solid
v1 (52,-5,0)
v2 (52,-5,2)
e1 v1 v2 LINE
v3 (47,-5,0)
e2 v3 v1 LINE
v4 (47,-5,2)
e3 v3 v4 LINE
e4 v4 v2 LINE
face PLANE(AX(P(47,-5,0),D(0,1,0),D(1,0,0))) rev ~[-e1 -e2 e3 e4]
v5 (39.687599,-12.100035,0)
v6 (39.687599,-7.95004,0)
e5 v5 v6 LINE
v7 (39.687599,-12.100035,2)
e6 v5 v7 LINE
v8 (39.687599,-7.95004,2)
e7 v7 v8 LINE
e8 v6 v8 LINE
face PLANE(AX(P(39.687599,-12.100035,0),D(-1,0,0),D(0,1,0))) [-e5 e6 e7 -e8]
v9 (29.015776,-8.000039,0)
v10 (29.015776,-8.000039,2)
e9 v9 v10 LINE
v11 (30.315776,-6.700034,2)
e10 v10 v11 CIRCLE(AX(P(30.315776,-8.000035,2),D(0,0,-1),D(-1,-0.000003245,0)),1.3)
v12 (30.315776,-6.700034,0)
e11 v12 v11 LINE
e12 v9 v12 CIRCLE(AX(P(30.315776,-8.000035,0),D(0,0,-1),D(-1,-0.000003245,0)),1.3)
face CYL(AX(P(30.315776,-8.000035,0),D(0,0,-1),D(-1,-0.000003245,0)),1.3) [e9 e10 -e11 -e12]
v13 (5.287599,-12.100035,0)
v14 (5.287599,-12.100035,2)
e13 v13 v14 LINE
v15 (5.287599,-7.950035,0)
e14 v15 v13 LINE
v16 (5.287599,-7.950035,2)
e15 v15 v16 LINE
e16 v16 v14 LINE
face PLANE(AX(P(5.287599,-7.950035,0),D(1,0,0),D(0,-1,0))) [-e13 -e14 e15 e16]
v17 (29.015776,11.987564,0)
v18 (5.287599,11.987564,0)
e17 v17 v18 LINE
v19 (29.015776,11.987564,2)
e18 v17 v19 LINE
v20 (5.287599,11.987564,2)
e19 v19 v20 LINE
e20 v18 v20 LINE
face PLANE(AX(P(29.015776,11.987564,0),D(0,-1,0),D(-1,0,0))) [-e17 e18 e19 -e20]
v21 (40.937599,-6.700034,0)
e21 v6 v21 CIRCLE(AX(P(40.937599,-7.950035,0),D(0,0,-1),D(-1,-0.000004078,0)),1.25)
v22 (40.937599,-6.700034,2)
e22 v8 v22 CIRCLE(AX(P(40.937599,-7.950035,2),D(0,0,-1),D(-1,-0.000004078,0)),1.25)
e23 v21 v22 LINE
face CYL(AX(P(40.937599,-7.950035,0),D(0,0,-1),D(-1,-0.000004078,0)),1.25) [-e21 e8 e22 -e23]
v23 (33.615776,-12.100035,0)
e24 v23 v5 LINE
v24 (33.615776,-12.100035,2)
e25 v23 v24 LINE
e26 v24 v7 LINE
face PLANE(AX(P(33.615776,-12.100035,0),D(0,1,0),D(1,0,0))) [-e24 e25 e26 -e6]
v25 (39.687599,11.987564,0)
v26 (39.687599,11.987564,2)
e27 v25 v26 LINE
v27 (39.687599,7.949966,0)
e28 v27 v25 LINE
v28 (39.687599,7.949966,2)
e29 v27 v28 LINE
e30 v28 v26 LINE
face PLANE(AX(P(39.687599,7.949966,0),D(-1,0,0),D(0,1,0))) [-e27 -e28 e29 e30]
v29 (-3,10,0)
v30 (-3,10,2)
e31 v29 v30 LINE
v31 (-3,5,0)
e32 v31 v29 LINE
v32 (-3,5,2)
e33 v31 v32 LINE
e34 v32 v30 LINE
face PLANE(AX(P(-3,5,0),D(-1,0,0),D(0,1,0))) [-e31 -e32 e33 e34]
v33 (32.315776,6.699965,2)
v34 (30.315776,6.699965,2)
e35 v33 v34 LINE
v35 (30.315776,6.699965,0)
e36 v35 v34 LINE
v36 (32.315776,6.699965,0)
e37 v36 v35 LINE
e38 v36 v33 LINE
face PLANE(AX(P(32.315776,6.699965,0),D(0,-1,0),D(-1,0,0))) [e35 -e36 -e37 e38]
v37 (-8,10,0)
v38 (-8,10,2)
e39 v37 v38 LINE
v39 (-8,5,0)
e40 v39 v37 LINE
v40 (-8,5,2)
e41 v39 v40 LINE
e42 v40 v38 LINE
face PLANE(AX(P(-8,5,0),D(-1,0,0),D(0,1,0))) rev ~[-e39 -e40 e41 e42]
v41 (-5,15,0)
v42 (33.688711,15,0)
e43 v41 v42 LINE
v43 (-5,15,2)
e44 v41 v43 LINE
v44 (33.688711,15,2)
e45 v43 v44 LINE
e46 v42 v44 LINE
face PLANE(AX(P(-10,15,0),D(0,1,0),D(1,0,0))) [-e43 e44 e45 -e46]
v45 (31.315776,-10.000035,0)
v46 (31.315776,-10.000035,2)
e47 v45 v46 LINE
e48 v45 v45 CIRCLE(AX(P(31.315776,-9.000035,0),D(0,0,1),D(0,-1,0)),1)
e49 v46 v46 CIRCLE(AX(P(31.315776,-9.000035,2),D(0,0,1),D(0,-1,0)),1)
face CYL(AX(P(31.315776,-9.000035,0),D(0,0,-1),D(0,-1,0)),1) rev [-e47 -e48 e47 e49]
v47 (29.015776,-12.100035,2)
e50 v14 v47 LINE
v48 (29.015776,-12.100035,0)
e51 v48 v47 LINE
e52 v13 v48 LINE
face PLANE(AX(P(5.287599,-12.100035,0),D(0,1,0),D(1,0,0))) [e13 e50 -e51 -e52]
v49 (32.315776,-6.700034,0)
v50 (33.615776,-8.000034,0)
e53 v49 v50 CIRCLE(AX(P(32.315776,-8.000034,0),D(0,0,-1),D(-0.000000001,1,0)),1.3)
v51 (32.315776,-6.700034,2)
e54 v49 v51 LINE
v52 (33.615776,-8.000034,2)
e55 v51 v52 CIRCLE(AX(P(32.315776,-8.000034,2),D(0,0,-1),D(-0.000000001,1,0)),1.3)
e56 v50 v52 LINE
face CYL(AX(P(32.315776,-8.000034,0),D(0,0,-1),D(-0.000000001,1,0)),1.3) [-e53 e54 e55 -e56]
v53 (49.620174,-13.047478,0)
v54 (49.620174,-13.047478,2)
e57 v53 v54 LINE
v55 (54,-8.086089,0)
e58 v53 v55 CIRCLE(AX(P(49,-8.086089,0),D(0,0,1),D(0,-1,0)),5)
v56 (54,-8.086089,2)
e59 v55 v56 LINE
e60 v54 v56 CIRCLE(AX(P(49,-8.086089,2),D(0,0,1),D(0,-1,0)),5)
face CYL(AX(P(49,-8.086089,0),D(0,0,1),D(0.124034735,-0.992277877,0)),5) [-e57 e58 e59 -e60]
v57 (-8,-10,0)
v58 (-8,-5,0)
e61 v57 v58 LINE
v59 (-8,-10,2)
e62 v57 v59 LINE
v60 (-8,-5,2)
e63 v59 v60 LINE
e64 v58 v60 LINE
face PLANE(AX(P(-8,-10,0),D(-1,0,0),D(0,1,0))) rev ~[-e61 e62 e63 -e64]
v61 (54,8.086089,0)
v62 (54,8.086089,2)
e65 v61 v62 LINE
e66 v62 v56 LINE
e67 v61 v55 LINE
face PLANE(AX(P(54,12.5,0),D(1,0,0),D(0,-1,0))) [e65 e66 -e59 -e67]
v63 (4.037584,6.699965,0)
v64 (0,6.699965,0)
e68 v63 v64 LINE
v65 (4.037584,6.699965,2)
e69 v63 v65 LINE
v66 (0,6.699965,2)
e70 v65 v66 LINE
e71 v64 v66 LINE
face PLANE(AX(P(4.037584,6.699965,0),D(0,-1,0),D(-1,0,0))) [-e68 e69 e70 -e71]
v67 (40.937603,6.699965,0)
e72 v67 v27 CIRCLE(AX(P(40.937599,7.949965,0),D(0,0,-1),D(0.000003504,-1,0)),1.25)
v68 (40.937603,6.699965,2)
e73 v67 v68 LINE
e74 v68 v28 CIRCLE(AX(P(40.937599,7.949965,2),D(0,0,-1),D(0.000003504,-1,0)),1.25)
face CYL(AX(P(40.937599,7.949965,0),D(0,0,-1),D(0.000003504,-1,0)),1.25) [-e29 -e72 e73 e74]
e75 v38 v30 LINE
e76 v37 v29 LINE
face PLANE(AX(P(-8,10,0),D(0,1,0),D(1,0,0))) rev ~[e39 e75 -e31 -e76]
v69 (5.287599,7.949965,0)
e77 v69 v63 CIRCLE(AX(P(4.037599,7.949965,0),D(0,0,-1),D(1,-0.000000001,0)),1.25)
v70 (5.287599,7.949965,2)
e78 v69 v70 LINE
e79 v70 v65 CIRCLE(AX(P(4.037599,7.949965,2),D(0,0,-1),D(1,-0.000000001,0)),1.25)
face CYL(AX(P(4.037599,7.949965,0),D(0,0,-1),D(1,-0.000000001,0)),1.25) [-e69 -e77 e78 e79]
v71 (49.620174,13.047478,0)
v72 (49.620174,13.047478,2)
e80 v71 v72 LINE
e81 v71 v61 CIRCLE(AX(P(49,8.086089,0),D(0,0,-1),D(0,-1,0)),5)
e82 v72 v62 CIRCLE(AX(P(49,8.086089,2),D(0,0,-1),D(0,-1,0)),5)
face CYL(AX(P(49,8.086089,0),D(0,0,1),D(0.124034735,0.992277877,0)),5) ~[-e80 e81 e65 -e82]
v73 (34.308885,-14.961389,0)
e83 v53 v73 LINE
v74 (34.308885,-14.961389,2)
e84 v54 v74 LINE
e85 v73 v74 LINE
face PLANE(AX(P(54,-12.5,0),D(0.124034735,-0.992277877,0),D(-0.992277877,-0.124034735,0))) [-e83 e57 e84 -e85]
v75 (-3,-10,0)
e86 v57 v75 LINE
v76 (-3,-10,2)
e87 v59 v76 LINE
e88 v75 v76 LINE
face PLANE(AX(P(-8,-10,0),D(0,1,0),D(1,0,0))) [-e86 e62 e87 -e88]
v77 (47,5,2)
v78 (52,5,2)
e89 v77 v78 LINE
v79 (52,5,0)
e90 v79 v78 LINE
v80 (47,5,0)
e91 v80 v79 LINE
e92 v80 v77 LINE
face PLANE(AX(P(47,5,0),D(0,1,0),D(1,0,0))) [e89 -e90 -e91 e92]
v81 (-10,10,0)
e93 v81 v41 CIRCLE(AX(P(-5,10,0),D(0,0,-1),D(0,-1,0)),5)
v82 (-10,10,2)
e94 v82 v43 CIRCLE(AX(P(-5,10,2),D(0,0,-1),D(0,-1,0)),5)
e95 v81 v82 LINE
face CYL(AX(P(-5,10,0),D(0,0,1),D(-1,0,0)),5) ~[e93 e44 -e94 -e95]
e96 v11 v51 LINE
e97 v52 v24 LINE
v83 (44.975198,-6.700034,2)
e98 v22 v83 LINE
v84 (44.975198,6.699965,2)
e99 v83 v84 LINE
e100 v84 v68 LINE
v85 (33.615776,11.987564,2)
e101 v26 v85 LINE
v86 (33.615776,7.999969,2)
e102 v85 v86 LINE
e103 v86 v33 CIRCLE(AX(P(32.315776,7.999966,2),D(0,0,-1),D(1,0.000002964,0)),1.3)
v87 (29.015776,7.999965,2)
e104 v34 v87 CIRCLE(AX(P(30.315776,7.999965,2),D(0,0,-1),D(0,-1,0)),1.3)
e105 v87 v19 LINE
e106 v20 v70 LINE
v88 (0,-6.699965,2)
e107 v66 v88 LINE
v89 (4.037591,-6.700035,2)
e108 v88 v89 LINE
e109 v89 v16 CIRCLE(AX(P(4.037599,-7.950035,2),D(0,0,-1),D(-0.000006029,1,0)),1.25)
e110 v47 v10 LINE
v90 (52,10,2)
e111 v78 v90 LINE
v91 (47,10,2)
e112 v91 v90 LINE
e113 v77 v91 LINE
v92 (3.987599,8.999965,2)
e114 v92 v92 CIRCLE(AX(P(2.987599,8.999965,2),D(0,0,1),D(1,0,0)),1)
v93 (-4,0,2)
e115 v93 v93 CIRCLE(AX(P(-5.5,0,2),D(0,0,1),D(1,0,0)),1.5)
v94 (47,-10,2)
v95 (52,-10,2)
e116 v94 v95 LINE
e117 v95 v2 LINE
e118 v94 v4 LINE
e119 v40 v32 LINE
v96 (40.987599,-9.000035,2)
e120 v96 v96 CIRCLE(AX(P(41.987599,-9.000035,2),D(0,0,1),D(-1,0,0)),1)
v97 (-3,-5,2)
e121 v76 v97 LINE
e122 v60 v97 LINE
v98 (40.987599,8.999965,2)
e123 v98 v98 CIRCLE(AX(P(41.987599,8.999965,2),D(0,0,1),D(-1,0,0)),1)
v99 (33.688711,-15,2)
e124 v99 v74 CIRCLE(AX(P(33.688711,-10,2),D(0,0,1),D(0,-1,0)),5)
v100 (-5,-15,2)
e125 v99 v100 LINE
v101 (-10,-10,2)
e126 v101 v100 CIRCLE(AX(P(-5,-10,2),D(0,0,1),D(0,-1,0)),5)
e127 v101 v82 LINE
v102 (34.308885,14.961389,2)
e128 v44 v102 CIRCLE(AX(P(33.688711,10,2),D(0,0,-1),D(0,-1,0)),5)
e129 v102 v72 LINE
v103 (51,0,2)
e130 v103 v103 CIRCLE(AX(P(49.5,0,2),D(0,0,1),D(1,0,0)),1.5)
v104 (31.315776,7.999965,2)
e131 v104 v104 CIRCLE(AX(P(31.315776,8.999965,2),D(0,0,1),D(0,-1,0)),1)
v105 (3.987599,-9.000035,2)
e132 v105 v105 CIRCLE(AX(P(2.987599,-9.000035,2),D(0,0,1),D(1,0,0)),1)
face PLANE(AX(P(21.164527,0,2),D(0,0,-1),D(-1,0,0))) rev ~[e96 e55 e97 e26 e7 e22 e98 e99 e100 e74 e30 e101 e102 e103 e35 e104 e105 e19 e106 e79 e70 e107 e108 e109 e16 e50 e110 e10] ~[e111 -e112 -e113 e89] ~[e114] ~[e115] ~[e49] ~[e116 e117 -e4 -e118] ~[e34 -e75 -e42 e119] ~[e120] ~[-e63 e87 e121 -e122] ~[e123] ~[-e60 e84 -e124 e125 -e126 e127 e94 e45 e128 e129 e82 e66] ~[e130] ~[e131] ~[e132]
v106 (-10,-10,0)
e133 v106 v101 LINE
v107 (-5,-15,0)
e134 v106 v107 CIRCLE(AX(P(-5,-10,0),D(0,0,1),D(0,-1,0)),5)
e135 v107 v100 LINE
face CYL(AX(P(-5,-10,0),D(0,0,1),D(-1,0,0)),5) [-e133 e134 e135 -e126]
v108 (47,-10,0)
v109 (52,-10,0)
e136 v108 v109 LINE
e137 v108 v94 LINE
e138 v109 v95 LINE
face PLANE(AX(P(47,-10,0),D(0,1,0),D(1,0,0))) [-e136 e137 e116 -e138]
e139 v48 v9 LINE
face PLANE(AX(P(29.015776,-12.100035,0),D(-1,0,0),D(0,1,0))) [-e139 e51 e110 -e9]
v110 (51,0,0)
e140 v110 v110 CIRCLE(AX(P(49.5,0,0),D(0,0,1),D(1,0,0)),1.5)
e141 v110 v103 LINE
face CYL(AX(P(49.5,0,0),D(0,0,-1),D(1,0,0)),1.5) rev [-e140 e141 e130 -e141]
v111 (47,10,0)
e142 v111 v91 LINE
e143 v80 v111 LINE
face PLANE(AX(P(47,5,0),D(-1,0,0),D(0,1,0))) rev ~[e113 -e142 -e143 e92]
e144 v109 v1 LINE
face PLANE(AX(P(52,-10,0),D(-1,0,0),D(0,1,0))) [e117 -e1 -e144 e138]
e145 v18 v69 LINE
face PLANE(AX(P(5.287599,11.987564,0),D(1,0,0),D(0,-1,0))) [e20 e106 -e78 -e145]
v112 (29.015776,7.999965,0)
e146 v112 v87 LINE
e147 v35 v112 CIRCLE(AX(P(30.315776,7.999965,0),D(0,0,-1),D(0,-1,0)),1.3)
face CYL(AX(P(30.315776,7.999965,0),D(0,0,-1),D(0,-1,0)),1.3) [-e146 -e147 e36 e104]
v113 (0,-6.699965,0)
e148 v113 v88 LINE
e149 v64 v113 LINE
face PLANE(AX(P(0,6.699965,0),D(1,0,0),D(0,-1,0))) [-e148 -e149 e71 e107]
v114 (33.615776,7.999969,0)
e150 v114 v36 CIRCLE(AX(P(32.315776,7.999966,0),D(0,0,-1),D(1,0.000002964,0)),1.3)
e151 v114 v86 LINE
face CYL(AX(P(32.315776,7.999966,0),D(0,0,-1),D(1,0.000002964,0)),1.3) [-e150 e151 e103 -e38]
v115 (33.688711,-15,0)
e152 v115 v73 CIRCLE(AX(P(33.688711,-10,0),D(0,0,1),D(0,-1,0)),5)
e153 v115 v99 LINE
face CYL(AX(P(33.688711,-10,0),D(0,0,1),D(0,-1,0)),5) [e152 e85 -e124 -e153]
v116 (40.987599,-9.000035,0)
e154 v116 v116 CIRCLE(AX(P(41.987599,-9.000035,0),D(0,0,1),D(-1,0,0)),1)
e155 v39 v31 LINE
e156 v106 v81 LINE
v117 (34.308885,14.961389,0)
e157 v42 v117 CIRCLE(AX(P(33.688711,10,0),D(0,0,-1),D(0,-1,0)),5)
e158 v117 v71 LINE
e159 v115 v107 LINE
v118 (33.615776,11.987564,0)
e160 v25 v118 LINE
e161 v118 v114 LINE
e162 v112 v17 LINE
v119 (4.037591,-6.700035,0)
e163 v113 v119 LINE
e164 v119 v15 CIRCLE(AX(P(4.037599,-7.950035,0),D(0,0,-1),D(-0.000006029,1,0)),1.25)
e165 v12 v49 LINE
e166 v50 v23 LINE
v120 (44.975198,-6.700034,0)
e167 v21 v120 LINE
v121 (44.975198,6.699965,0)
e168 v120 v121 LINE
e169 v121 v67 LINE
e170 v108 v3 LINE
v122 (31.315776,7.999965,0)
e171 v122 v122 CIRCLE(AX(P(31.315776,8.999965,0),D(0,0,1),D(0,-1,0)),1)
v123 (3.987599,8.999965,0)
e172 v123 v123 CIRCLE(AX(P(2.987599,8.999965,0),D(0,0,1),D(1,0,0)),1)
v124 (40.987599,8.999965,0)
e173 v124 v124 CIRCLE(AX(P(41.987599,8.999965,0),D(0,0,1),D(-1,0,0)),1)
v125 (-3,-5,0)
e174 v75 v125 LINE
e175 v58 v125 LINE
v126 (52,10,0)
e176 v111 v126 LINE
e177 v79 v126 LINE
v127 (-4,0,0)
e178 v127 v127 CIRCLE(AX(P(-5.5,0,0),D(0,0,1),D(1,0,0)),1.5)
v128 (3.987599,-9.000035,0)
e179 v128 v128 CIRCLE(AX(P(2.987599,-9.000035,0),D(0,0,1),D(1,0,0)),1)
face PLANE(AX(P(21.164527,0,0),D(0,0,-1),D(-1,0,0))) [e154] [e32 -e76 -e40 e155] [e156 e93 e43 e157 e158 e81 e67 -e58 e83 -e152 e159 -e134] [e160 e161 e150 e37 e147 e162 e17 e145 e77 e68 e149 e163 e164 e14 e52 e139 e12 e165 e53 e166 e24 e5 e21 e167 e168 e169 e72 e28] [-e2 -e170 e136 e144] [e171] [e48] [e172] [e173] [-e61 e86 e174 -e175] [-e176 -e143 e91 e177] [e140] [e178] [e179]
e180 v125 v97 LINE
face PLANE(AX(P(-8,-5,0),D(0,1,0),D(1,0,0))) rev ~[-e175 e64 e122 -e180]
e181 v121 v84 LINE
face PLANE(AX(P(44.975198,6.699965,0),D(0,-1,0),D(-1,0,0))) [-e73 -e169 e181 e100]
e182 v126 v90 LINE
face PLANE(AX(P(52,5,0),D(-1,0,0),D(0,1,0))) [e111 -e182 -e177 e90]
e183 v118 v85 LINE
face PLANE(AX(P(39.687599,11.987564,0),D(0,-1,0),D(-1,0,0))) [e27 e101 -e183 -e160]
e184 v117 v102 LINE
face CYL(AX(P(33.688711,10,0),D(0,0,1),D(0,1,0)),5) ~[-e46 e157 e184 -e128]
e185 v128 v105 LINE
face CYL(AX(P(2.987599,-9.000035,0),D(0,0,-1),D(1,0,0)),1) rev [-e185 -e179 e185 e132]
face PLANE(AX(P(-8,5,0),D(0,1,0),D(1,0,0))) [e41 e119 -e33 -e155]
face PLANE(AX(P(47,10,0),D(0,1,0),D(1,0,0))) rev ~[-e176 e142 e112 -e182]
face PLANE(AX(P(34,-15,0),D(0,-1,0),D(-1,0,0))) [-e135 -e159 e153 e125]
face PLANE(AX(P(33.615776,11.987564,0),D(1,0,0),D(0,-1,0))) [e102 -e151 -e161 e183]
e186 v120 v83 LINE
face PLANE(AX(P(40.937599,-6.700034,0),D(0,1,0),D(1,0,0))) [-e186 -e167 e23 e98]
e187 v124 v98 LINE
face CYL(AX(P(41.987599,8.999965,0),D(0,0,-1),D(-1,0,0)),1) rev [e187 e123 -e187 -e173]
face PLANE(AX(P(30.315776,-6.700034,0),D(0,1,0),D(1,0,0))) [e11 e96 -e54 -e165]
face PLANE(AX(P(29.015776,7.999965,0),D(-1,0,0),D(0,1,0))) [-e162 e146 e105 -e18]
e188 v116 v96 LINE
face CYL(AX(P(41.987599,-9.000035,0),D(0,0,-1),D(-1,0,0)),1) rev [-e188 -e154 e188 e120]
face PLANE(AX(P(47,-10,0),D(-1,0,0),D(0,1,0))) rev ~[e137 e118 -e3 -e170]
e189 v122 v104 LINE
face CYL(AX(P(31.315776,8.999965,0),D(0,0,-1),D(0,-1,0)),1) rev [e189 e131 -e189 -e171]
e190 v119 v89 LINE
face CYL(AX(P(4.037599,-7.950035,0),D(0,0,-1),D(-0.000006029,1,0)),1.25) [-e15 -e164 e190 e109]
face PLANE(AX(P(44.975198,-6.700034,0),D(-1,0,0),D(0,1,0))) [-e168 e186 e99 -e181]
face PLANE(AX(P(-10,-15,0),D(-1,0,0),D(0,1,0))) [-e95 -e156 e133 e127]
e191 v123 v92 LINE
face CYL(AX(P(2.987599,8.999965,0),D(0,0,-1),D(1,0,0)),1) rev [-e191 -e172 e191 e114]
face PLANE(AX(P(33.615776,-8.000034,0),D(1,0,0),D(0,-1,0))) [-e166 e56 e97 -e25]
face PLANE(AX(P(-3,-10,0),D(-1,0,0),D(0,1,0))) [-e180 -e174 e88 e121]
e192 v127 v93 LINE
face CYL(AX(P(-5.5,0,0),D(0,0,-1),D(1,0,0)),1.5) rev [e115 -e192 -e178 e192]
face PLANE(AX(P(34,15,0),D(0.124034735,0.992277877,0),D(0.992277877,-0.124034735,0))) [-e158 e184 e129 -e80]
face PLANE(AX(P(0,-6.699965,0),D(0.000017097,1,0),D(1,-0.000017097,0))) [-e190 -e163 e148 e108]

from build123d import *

# Parameters (mm, degrees)
ESQUISSE1_R        = 1.5
ESQUISSE1_W        = 5
ESQUISSE1_H        = 5
BOSS_EXTRU_1_DEPTH = 2
FILLET1_R          = 5


with BuildPart() as part:
    # Esquisse1 → Boss.-Extru.1 (new body)
    with BuildSketch(Plane.XY):
        Polygon((-10, -15), (-10, 15), (34, 15), (54, 12.5), (54, -12.5), (34, -15), align=None)
        with Locations((-5.5, 0)):
            Circle(ESQUISSE1_R, mode=Mode.SUBTRACT)
        with Locations((49.5, 0)):
            Circle(ESQUISSE1_R, mode=Mode.SUBTRACT)
        with BuildLine():
            Line((4.03758425, 6.699965485), (0, 6.699965485))
            Line((0, 6.699965485), (0, -6.699965485))
            Line((0, -6.699965485), (4.037591434, -6.700034515))
            ThreePointArc((4.037591434, -6.700034515), (4.921479782, -7.066148374), (5.28759897, -7.950034515))
            Line((5.28759897, -7.950034515), (5.28759897, -12.100034515))
            Line((5.28759897, -12.100034515), (29.015776303, -12.100034515))
            Line((29.015776303, -12.100034515), (29.015776303, -8.000038733))
            ThreePointArc((29.015776303, -8.000038733), (29.396536008, -7.080797161), (30.315776345, -6.700034473))
            Line((30.315776345, -6.700034473), (32.315776344, -6.700034473))
            ThreePointArc((32.315776344, -6.700034473), (33.23501504, -7.080795537), (33.615776345, -8.000034132))
            Line((33.615776345, -8.000034132), (33.615776345, -12.100034515))
            Line((33.615776345, -12.100034515), (39.687598777, -12.100034515))
            Line((39.687598777, -12.100034515), (39.687598777, -7.950039613))
            ThreePointArc((39.687598777, -7.950039613), (40.053713738, -7.066152541), (40.937599481, -6.70003437))
            Line((40.937599481, -6.70003437), (44.975197892, -6.70003437))
            Line((44.975197892, -6.70003437), (44.975197892, 6.699965437))
            Line((44.975197892, 6.699965437), (40.9376034, 6.699965437))
            ThreePointArc((40.9376034, 6.699965437), (40.053716981, 7.066080502), (39.68759897, 7.949965701))
            Line((39.68759897, 7.949965701), (39.68759897, 11.987564455))
            Line((39.68759897, 11.987564455), (33.615776432, 11.987564455))
            Line((33.615776432, 11.987564455), (33.615776432, 7.999969389))
            ThreePointArc((33.615776432, 7.999969389), (33.235016597, 7.080728053), (32.315776389, 6.699965495))
            Line((32.315776389, 6.699965495), (30.31577639, 6.699965495))
            ThreePointArc((30.31577639, 6.699965495), (29.396537621, 7.080726637), (29.015776399, 7.999965373))
            Line((29.015776399, 7.999965373), (29.015776399, 11.987564455))
            Line((29.015776399, 11.987564455), (5.28759897, 11.987564455))
            Line((5.28759897, 11.987564455), (5.28759897, 7.949965485))
            ThreePointArc((5.28759897, 7.949965485), (4.921477242, 7.066076805), (4.03758425, 6.699965485))
        make_face(mode=Mode.SUBTRACT)
        with BuildLine():
            ThreePointArc((31.315776387, 9.999965485), (30.315776387, 8.999965485), (31.315776387, 7.999965485))
            ThreePointArc((31.315776387, 7.999965485), (32.315776387, 8.999965485), (31.315776387, 9.999965485))
        make_face(mode=Mode.SUBTRACT)
        with BuildLine():
            ThreePointArc((42.98759897, 8.999965485), (41.98759897, 9.999965485), (40.98759897, 8.999965485))
            ThreePointArc((40.98759897, 8.999965485), (41.98759897, 7.999965485), (42.98759897, 8.999965485))
        make_face(mode=Mode.SUBTRACT)
        with BuildLine():
            ThreePointArc((42.98759897, -9.000034515), (41.98759897, -8.000034515), (40.98759897, -9.000034515))
            ThreePointArc((40.98759897, -9.000034515), (41.98759897, -10.000034515), (42.98759897, -9.000034515))
        make_face(mode=Mode.SUBTRACT)
        with BuildLine():
            ThreePointArc((31.315776387, -8.000034515), (30.315776387, -9.000034515), (31.315776387, -10.000034515))
            ThreePointArc((31.315776387, -10.000034515), (32.315776387, -9.000034515), (31.315776387, -8.000034515))
        make_face(mode=Mode.SUBTRACT)
        with BuildLine():
            ThreePointArc((1.98759897, -9.000034515), (2.98759897, -10.000034515), (3.98759897, -9.000034515))
            ThreePointArc((3.98759897, -9.000034515), (2.98759897, -8.000034515), (1.98759897, -9.000034515))
        make_face(mode=Mode.SUBTRACT)
        with BuildLine():
            ThreePointArc((1.98759897, 8.999965485), (2.98759897, 7.999965485), (3.98759897, 8.999965485))
            ThreePointArc((3.98759897, 8.999965485), (2.98759897, 9.999965485), (1.98759897, 8.999965485))
        make_face(mode=Mode.SUBTRACT)
        with Locations((-5.5, 7.5)):
            Rectangle(ESQUISSE1_W, ESQUISSE1_H, mode=Mode.SUBTRACT)
        with Locations((-5.5, -7.5)):
            Rectangle(ESQUISSE1_W, ESQUISSE1_H, mode=Mode.SUBTRACT)
        with Locations((49.5, 7.5)):
            Rectangle(ESQUISSE1_W, ESQUISSE1_H, mode=Mode.SUBTRACT)
        with Locations((49.5, -7.5)):
            Rectangle(ESQUISSE1_W, ESQUISSE1_H, mode=Mode.SUBTRACT)
    extrude(amount=BOSS_EXTRU_1_DEPTH)

    # Fillet1
    fillet1_edges = [part.edges().sort_by_distance(p)[0] for p in [
        (-10, -15, 1),
        (-10, 15, 1),
        (34, 15, 1),
        (54, 12.5, 1),
        (54, -12.5, 1),
        (34, -15, 1),
    ]]
    fillet(fillet1_edges, radius=FILLET1_R)


solid = part.part
